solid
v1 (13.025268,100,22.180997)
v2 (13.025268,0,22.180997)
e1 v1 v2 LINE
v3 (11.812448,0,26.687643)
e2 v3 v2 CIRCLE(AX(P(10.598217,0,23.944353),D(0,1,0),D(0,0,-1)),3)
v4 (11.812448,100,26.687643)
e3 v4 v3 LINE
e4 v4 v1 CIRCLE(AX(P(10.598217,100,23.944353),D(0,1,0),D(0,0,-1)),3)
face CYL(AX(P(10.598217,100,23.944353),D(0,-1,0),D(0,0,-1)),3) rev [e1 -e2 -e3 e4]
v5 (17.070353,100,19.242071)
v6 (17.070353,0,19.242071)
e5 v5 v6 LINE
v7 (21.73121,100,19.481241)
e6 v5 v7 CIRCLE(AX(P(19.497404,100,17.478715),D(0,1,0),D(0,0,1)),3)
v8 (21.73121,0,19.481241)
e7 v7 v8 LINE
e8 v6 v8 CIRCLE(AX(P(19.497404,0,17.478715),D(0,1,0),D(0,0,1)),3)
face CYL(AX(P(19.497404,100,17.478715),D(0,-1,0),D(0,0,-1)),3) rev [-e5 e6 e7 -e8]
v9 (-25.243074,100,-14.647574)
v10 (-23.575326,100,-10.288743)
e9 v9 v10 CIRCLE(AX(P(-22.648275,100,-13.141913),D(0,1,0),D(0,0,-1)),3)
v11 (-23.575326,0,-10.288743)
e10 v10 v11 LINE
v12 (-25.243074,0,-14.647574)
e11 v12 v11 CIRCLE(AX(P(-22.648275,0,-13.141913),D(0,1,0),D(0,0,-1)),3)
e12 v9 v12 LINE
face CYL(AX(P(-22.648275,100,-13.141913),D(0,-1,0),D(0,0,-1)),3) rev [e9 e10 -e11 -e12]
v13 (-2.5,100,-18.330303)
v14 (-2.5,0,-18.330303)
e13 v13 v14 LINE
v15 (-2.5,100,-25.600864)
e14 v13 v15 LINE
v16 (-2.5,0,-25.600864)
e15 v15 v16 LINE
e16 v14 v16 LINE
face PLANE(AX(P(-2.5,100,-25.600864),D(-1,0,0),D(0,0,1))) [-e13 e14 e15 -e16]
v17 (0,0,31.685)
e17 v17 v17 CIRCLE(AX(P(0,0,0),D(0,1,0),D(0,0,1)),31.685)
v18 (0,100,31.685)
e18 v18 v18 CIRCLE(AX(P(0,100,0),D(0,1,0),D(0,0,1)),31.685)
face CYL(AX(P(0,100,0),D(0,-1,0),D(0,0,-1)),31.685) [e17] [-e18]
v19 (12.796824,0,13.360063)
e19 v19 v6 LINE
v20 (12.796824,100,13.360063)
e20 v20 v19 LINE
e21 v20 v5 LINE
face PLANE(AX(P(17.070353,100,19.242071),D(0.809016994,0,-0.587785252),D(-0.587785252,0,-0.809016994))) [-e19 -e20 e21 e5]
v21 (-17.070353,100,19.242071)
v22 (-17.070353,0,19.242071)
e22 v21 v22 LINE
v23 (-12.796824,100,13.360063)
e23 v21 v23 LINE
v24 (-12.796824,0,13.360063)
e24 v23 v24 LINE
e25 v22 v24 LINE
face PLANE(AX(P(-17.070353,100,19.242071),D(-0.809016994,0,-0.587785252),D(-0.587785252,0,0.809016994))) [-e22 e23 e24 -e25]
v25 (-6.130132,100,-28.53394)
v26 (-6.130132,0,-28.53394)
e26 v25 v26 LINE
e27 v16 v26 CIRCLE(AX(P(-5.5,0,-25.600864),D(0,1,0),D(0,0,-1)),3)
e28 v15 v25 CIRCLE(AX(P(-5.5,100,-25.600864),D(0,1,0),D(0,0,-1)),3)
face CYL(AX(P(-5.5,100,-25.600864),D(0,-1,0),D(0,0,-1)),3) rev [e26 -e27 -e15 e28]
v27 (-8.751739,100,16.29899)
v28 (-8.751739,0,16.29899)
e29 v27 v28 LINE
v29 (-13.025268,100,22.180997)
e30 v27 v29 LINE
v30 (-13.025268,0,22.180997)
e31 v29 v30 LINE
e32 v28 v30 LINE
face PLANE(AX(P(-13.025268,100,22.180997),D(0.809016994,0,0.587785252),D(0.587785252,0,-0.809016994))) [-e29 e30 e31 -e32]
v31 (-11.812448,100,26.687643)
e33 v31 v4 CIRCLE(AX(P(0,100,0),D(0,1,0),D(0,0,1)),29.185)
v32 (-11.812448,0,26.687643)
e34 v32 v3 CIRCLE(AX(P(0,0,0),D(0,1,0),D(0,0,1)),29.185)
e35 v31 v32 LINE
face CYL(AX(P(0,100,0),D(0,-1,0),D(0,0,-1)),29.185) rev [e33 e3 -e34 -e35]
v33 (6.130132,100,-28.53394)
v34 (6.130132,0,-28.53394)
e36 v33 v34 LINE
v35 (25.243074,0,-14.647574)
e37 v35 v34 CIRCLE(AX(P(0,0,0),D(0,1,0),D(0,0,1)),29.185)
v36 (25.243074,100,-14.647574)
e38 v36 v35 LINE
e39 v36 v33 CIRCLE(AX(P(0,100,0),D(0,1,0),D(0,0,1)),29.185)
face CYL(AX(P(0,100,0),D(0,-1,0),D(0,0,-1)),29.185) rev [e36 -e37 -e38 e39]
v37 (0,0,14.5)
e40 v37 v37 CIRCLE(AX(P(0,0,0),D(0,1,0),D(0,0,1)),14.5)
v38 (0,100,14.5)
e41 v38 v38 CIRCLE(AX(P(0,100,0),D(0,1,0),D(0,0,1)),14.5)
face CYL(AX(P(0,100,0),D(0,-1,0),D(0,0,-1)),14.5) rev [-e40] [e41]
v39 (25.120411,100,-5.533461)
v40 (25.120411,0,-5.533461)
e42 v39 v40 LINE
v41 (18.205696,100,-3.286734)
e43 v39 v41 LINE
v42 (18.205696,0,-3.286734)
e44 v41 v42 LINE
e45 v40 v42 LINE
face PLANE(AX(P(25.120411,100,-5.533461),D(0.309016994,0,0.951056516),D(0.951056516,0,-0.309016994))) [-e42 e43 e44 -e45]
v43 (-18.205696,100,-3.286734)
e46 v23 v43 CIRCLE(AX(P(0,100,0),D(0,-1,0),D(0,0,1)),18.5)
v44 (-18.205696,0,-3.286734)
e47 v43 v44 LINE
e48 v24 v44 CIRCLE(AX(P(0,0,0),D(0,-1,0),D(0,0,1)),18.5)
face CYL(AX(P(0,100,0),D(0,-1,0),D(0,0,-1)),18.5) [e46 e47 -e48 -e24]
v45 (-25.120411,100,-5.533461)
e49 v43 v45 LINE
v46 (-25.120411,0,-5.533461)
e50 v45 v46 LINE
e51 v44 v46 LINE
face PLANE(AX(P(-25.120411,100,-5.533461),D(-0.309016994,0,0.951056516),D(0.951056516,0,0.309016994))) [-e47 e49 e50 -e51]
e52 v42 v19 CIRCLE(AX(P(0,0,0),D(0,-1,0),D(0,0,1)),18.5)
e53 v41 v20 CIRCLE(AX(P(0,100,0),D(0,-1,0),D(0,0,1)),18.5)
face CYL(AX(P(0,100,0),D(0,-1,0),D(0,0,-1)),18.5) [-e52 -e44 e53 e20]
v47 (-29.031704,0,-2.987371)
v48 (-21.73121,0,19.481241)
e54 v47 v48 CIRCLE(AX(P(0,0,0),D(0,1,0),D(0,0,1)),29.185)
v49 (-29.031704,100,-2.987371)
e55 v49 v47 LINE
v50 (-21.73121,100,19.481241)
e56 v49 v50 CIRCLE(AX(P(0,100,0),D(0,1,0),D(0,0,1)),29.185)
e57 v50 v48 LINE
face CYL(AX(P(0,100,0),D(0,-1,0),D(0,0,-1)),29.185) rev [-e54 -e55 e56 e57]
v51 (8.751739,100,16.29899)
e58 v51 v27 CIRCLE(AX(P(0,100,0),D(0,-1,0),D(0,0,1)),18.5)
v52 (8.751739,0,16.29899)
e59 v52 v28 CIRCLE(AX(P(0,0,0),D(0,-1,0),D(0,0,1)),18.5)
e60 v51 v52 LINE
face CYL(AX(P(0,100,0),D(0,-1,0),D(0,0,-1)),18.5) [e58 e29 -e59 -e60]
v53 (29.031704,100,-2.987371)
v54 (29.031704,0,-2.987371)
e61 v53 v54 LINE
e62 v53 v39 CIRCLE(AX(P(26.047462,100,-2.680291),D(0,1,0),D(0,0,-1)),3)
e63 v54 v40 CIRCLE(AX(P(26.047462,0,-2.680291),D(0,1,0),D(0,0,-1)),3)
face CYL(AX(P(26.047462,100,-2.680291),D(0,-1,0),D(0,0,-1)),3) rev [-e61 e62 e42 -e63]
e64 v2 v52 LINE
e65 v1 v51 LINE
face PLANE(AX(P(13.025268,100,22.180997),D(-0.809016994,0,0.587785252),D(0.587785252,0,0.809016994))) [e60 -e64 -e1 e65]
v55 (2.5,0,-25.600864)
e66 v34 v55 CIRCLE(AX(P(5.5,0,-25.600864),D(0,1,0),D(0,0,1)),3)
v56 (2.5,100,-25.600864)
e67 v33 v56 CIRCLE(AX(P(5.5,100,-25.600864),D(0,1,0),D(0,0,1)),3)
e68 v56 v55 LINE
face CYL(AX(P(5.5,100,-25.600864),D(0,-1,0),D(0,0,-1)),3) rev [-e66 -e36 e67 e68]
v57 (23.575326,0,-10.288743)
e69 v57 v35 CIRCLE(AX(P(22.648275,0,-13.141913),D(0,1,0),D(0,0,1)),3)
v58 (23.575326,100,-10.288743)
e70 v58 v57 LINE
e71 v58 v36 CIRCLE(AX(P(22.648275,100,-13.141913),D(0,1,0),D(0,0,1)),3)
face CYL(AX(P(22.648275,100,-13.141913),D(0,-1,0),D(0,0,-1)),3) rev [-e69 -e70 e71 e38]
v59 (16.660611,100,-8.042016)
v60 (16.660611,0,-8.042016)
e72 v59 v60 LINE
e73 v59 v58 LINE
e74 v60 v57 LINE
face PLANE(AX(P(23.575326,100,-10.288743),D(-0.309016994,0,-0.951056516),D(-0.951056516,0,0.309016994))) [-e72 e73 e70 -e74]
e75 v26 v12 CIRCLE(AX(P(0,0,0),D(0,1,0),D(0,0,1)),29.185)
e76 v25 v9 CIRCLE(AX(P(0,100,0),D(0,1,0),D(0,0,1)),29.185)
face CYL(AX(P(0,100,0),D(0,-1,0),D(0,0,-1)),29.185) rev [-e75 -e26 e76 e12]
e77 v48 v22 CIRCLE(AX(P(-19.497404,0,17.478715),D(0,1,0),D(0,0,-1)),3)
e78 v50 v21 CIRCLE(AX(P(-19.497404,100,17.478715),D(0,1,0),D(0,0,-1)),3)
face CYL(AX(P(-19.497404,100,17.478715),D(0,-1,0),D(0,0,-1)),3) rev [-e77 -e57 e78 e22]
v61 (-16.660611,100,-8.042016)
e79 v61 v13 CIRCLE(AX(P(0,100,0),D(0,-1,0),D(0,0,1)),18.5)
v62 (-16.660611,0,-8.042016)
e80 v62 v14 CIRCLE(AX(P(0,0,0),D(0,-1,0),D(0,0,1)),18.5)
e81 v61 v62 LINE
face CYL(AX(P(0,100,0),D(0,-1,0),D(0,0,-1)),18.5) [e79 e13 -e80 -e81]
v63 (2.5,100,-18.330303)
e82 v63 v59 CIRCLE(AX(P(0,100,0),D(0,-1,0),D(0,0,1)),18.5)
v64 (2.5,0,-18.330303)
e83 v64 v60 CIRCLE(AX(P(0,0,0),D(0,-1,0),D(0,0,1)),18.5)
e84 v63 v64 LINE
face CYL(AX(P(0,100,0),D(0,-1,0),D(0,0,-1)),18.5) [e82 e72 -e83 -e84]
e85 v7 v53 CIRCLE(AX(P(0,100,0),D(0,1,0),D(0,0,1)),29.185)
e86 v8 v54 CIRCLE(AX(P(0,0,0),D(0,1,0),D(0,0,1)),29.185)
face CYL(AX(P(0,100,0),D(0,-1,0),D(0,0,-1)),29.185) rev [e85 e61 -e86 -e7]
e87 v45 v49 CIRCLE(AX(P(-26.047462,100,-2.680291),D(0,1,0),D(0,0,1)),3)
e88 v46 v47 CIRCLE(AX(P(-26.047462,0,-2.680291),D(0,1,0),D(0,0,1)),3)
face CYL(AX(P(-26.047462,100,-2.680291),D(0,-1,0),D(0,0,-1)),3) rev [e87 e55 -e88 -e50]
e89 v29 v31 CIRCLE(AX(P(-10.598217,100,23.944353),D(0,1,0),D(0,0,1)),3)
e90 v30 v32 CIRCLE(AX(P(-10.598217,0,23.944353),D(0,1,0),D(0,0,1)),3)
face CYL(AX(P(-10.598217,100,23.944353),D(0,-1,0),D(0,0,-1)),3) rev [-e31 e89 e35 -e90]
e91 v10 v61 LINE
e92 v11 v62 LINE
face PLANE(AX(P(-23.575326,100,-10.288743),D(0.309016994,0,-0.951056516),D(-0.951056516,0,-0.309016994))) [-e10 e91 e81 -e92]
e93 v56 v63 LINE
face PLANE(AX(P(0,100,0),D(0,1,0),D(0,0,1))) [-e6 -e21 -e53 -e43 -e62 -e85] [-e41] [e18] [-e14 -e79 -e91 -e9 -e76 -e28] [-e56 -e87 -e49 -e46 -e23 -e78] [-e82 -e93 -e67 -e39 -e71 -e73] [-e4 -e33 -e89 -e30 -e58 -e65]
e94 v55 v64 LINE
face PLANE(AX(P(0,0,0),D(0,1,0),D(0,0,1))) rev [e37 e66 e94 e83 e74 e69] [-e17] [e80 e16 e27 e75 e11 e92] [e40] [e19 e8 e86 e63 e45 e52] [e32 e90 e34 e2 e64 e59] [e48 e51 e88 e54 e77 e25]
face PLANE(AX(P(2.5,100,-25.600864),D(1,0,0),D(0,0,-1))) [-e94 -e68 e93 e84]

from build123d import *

# Parameters (mm, degrees)
SKETCH1_R           = 31.685
SKETCH1_R_2         = 14.5
BOSS_EXTRUDE1_DEPTH = 100


with BuildPart() as part:
    # Sketch1 → Boss-Extrude1 (new body)
    with BuildSketch(Plane(origin=(0, 0, 0), x_dir=(1, 0, 0), z_dir=(0, 1, 0))):
        with Locations(Location((0, 0, 0), (0, 0, 270))):
            Circle(SKETCH1_R)
        with Locations(Location((0, 0, 0), (0, 0, 270))):
            Circle(SKETCH1_R_2, mode=Mode.SUBTRACT)
        with BuildLine():
            Line((23.575325811, 10.288743262), (16.660611418, 8.042016362))
            ThreePointArc((16.660611418, 8.042016362), (10.874027167, 14.966814396), (2.5, 18.33030278))
            Line((2.5, 18.33030278), (2.5, 25.600863755))
            ThreePointArc((2.5, 25.600863755), (3.614581646, 27.93435848), (6.130131755, 28.53393961))
            ThreePointArc((6.130131755, 28.53393961), (17.154512588, 23.611160981), (25.243074312, 14.647574007))
            ThreePointArc((25.243074312, 14.647574007), (25.450186505, 12.069862926), (23.575325811, 10.288743262))
        make_face(mode=Mode.SUBTRACT)
        with BuildLine():
            Line((-2.5, 25.600863755), (-2.5, 18.33030278))
            ThreePointArc((-2.5, 18.33030278), (-10.874027167, 14.966814396), (-16.660611418, 8.042016362))
            Line((-16.660611418, 8.042016362), (-23.575325811, 10.288743262))
            ThreePointArc((-23.575325811, 10.288743262), (-25.450186505, 12.069862926), (-25.243074312, 14.647574007))
            ThreePointArc((-25.243074312, 14.647574007), (-17.154512588, 23.611160981), (-6.130131755, 28.53393961))
            ThreePointArc((-6.130131755, 28.53393961), (-3.614581646, 27.93435848), (-2.5, 25.600863755))
        make_face(mode=Mode.SUBTRACT)
        with BuildLine():
            Line((25.120410783, 5.53346068), (18.20569639, 3.28673378))
            ThreePointArc((18.20569639, 3.28673378), (17.594545551, -5.716814396), (12.79682413, -13.36006333))
            Line((12.79682413, -13.36006333), (17.070352647, -19.242070718))
            ThreePointArc((17.070352647, -19.242070718), (19.343661926, -20.474772952), (21.73120966, -19.481241021))
            ThreePointArc((21.73120966, -19.481241021), (27.756584428, -9.018660981), (29.031704092, 2.987370505))
            ThreePointArc((29.031704092, 2.987370505), (27.684120817, 5.194520069), (25.120410783, 5.53346068))
        make_face(mode=Mode.SUBTRACT)
        with BuildLine():
            Line((13.025267675, -22.180996979), (8.751739158, -16.298989592))
            ThreePointArc((8.751739158, -16.298989592), (0, -18.5), (-8.751739158, -16.298989592))
            Line((-8.751739158, -16.298989592), (-13.025267675, -22.180996979))
            ThreePointArc((-13.025267675, -22.180996979), (-13.495145967, -24.723968522), (-11.812448125, -26.687643101))
            ThreePointArc((-11.812448125, -26.687643101), (0, -29.185), (11.812448125, -26.687643101))
            ThreePointArc((11.812448125, -26.687643101), (13.495145967, -24.723968522), (13.025267675, -22.180996979))
        make_face(mode=Mode.SUBTRACT)
        with BuildLine():
            Line((-17.070352647, -19.242070718), (-12.79682413, -13.36006333))
            ThreePointArc((-12.79682413, -13.36006333), (-17.594545551, -5.716814396), (-18.20569639, 3.28673378))
            Line((-18.20569639, 3.28673378), (-25.120410783, 5.53346068))
            ThreePointArc((-25.120410783, 5.53346068), (-27.684120817, 5.194520069), (-29.031704092, 2.987370505))
            ThreePointArc((-29.031704092, 2.987370505), (-27.756584428, -9.018660981), (-21.73120966, -19.481241021))
            ThreePointArc((-21.73120966, -19.481241021), (-19.343661926, -20.474772952), (-17.070352647, -19.242070718))
        make_face(mode=Mode.SUBTRACT)
    extrude(amount=BOSS_EXTRUDE1_DEPTH)


solid = part.part
